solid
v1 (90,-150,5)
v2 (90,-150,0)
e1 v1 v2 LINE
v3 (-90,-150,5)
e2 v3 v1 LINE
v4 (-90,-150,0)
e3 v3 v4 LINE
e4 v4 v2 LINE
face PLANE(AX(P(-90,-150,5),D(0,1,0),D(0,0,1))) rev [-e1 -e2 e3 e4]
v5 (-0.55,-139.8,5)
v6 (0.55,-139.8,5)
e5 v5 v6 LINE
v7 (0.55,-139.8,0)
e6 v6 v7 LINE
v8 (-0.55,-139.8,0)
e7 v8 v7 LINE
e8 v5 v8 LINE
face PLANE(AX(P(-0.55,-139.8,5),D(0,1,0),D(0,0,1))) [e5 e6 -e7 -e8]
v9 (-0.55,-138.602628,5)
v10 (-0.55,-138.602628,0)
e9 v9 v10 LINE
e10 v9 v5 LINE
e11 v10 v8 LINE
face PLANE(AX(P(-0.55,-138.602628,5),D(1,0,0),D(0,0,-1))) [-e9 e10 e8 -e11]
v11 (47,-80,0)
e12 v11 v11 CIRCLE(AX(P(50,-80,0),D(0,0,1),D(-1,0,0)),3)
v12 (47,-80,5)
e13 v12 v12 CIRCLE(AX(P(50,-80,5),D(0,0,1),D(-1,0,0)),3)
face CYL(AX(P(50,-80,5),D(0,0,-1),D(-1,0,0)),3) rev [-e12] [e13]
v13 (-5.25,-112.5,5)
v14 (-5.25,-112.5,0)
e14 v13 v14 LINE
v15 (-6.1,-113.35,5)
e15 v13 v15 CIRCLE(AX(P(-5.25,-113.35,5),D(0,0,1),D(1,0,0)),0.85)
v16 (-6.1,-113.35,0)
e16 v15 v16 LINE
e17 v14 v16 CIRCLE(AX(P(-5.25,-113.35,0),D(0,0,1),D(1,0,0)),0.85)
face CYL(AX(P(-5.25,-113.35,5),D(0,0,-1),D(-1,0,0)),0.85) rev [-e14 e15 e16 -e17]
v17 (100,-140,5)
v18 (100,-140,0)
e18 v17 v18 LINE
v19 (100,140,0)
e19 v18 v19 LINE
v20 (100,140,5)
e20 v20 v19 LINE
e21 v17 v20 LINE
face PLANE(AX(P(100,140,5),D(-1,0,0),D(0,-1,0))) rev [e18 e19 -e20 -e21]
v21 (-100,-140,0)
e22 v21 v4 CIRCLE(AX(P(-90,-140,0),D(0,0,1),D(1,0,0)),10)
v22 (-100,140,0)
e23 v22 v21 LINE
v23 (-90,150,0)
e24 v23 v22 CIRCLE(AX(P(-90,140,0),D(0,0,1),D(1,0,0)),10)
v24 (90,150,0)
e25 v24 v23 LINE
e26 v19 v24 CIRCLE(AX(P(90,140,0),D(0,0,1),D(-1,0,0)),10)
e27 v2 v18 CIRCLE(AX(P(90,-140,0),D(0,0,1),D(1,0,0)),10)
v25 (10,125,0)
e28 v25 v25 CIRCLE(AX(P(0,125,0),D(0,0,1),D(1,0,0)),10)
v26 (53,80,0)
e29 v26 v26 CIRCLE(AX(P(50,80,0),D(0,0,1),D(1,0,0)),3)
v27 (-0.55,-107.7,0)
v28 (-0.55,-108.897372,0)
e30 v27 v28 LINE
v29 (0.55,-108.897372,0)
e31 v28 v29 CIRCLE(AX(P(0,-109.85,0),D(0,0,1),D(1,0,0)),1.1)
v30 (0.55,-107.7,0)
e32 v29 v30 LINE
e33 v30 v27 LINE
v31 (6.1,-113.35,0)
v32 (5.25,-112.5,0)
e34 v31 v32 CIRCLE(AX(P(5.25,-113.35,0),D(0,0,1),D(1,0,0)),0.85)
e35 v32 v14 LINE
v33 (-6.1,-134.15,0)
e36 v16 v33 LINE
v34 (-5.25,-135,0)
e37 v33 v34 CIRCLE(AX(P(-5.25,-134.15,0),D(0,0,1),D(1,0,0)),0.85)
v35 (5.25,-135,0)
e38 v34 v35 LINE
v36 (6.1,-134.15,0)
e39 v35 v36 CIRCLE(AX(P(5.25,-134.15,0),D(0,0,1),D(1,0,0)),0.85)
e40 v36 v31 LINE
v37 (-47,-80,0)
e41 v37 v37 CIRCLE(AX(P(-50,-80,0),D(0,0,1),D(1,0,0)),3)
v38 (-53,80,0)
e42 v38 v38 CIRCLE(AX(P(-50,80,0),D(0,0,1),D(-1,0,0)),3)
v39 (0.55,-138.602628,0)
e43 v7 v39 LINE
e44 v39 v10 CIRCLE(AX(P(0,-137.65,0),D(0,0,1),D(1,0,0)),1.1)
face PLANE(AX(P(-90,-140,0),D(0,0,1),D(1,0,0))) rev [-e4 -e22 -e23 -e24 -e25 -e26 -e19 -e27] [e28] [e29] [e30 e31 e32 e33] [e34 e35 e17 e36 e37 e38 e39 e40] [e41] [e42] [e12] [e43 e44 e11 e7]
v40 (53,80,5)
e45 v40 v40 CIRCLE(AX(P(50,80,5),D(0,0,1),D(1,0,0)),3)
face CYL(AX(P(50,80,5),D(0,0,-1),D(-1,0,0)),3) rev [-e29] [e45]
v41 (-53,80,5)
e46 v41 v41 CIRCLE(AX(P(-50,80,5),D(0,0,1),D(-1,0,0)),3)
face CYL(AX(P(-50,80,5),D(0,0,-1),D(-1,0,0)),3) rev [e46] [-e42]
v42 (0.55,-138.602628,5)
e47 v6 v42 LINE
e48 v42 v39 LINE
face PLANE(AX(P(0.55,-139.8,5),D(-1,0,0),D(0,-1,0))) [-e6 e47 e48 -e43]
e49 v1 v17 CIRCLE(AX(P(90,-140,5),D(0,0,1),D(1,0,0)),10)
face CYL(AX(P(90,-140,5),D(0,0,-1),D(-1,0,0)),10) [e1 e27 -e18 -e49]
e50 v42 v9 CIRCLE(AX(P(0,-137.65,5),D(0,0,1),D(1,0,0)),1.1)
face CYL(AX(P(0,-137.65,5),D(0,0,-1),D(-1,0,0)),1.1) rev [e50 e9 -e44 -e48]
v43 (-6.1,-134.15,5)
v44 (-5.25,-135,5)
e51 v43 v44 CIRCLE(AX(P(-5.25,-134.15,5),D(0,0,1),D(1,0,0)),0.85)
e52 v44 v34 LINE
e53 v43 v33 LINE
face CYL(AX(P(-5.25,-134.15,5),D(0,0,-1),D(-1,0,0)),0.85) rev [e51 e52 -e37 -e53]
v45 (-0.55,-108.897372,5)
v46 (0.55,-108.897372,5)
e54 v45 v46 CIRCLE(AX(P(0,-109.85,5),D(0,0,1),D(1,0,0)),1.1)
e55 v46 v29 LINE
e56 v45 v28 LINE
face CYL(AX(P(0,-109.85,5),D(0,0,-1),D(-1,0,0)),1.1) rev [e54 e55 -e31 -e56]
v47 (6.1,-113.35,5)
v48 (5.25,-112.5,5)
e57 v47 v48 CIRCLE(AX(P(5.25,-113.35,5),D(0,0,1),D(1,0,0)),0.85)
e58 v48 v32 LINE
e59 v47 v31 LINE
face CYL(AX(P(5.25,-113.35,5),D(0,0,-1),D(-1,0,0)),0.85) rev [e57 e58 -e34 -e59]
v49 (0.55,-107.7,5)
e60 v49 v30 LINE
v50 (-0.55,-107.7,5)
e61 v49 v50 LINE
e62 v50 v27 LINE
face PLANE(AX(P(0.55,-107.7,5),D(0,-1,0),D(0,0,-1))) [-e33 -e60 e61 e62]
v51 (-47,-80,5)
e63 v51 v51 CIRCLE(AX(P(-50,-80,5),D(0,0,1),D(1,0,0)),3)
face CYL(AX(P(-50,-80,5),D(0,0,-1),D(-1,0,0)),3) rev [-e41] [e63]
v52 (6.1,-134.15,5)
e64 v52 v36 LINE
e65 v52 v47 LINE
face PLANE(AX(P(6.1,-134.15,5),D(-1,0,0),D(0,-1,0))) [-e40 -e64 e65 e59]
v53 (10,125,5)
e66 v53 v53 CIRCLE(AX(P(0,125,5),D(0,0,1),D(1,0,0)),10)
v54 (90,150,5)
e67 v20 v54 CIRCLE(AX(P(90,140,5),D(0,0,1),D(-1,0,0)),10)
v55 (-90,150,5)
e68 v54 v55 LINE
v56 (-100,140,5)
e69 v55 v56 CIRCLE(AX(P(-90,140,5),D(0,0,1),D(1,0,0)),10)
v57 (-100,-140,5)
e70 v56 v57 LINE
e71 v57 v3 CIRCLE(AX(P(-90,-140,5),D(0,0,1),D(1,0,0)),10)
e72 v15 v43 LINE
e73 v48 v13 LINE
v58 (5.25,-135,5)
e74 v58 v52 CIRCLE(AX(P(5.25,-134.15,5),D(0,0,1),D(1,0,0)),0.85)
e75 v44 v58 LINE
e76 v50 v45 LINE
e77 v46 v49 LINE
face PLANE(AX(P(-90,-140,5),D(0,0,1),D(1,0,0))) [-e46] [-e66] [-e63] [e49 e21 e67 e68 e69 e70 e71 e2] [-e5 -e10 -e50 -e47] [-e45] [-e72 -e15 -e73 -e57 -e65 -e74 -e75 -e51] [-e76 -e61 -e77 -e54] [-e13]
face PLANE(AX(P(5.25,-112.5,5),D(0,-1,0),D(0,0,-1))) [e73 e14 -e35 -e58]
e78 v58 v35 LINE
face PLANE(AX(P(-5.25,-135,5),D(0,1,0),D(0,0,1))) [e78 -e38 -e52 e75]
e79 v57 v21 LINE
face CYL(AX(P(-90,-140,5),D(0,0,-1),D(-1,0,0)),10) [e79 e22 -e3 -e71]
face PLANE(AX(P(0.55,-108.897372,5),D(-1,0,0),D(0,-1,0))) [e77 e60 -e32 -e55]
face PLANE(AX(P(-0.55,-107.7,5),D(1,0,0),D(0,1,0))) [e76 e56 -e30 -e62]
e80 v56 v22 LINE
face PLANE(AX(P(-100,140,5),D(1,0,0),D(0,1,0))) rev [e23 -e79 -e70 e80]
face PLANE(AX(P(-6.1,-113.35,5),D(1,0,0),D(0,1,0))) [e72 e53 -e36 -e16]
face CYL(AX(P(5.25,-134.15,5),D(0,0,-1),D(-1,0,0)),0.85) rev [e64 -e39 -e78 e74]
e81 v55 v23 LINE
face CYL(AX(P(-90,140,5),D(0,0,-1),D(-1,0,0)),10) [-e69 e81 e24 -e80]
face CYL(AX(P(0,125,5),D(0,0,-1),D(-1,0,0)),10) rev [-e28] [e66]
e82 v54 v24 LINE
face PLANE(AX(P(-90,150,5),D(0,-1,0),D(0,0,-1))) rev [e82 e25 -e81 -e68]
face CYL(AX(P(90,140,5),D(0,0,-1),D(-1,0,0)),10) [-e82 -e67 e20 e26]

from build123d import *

# Parameters (mm, degrees)
SKETCH1_R           = 10
SKETCH1_R_2         = 3
BOSS_EXTRUDE1_DEPTH = 5


with BuildPart() as part:
    # Sketch1 → Boss-Extrude1 (new body)
    with BuildSketch(Plane.XY):
        with BuildLine():
            Line((-90, 150), (90, 150))
            ThreePointArc((90, 150), (97.071067812, 147.071067812), (100, 140))
            Line((100, 140), (100, -140))
            ThreePointArc((100, -140), (97.071067812, -147.071067812), (90, -150))
            Line((90, -150), (-90, -150))
            ThreePointArc((-90, -150), (-97.071067812, -147.071067812), (-100, -140))
            Line((-100, -140), (-100, 140))
            ThreePointArc((-100, 140), (-97.071067812, 147.071067812), (-90, 150))
        make_face()
        with Locations((0, 125)):
            Circle(SKETCH1_R, mode=Mode.SUBTRACT)
        with Locations((50, 80)):
            Circle(SKETCH1_R_2, mode=Mode.SUBTRACT)
        with Locations((-50, 80)):
            Circle(SKETCH1_R_2, mode=Mode.SUBTRACT)
        with Locations((-50, -80)):
            Circle(SKETCH1_R_2, mode=Mode.SUBTRACT)
        with Locations((50, -80)):
            Circle(SKETCH1_R_2, mode=Mode.SUBTRACT)
        with BuildLine():
            Line((-0.55, -138.602627944), (-0.55, -139.8))
            Line((-0.55, -139.8), (0.55, -139.8))
            Line((0.55, -139.8), (0.55, -138.602627944))
            ThreePointArc((0.55, -138.602627944), (0, -136.55), (-0.55, -138.602627944))
        make_face(mode=Mode.SUBTRACT)
        with BuildLine():
            Line((-0.55, -107.7), (-0.55, -108.897372056))
            ThreePointArc((-0.55, -108.897372056), (0, -110.95), (0.55, -108.897372056))
            Line((0.55, -108.897372056), (0.55, -107.7))
            Line((0.55, -107.7), (-0.55, -107.7))
        make_face(mode=Mode.SUBTRACT)
        with BuildLine():
            Line((-6.1, -113.35), (-6.1, -134.15))
            ThreePointArc((-6.1, -134.15), (-5.851040764, -134.751040764), (-5.25, -135))
            Line((-5.25, -135), (5.25, -135))
            ThreePointArc((5.25, -135), (5.851040764, -134.751040764), (6.1, -134.15))
            Line((6.1, -134.15), (6.1, -113.35))
            ThreePointArc((6.1, -113.35), (5.851040764, -112.748959236), (5.25, -112.5))
            Line((5.25, -112.5), (-5.25, -112.5))
            ThreePointArc((-5.25, -112.5), (-5.851040764, -112.748959236), (-6.1, -113.35))
        make_face(mode=Mode.SUBTRACT)
    extrude(amount=BOSS_EXTRUDE1_DEPTH)


solid = part.part
